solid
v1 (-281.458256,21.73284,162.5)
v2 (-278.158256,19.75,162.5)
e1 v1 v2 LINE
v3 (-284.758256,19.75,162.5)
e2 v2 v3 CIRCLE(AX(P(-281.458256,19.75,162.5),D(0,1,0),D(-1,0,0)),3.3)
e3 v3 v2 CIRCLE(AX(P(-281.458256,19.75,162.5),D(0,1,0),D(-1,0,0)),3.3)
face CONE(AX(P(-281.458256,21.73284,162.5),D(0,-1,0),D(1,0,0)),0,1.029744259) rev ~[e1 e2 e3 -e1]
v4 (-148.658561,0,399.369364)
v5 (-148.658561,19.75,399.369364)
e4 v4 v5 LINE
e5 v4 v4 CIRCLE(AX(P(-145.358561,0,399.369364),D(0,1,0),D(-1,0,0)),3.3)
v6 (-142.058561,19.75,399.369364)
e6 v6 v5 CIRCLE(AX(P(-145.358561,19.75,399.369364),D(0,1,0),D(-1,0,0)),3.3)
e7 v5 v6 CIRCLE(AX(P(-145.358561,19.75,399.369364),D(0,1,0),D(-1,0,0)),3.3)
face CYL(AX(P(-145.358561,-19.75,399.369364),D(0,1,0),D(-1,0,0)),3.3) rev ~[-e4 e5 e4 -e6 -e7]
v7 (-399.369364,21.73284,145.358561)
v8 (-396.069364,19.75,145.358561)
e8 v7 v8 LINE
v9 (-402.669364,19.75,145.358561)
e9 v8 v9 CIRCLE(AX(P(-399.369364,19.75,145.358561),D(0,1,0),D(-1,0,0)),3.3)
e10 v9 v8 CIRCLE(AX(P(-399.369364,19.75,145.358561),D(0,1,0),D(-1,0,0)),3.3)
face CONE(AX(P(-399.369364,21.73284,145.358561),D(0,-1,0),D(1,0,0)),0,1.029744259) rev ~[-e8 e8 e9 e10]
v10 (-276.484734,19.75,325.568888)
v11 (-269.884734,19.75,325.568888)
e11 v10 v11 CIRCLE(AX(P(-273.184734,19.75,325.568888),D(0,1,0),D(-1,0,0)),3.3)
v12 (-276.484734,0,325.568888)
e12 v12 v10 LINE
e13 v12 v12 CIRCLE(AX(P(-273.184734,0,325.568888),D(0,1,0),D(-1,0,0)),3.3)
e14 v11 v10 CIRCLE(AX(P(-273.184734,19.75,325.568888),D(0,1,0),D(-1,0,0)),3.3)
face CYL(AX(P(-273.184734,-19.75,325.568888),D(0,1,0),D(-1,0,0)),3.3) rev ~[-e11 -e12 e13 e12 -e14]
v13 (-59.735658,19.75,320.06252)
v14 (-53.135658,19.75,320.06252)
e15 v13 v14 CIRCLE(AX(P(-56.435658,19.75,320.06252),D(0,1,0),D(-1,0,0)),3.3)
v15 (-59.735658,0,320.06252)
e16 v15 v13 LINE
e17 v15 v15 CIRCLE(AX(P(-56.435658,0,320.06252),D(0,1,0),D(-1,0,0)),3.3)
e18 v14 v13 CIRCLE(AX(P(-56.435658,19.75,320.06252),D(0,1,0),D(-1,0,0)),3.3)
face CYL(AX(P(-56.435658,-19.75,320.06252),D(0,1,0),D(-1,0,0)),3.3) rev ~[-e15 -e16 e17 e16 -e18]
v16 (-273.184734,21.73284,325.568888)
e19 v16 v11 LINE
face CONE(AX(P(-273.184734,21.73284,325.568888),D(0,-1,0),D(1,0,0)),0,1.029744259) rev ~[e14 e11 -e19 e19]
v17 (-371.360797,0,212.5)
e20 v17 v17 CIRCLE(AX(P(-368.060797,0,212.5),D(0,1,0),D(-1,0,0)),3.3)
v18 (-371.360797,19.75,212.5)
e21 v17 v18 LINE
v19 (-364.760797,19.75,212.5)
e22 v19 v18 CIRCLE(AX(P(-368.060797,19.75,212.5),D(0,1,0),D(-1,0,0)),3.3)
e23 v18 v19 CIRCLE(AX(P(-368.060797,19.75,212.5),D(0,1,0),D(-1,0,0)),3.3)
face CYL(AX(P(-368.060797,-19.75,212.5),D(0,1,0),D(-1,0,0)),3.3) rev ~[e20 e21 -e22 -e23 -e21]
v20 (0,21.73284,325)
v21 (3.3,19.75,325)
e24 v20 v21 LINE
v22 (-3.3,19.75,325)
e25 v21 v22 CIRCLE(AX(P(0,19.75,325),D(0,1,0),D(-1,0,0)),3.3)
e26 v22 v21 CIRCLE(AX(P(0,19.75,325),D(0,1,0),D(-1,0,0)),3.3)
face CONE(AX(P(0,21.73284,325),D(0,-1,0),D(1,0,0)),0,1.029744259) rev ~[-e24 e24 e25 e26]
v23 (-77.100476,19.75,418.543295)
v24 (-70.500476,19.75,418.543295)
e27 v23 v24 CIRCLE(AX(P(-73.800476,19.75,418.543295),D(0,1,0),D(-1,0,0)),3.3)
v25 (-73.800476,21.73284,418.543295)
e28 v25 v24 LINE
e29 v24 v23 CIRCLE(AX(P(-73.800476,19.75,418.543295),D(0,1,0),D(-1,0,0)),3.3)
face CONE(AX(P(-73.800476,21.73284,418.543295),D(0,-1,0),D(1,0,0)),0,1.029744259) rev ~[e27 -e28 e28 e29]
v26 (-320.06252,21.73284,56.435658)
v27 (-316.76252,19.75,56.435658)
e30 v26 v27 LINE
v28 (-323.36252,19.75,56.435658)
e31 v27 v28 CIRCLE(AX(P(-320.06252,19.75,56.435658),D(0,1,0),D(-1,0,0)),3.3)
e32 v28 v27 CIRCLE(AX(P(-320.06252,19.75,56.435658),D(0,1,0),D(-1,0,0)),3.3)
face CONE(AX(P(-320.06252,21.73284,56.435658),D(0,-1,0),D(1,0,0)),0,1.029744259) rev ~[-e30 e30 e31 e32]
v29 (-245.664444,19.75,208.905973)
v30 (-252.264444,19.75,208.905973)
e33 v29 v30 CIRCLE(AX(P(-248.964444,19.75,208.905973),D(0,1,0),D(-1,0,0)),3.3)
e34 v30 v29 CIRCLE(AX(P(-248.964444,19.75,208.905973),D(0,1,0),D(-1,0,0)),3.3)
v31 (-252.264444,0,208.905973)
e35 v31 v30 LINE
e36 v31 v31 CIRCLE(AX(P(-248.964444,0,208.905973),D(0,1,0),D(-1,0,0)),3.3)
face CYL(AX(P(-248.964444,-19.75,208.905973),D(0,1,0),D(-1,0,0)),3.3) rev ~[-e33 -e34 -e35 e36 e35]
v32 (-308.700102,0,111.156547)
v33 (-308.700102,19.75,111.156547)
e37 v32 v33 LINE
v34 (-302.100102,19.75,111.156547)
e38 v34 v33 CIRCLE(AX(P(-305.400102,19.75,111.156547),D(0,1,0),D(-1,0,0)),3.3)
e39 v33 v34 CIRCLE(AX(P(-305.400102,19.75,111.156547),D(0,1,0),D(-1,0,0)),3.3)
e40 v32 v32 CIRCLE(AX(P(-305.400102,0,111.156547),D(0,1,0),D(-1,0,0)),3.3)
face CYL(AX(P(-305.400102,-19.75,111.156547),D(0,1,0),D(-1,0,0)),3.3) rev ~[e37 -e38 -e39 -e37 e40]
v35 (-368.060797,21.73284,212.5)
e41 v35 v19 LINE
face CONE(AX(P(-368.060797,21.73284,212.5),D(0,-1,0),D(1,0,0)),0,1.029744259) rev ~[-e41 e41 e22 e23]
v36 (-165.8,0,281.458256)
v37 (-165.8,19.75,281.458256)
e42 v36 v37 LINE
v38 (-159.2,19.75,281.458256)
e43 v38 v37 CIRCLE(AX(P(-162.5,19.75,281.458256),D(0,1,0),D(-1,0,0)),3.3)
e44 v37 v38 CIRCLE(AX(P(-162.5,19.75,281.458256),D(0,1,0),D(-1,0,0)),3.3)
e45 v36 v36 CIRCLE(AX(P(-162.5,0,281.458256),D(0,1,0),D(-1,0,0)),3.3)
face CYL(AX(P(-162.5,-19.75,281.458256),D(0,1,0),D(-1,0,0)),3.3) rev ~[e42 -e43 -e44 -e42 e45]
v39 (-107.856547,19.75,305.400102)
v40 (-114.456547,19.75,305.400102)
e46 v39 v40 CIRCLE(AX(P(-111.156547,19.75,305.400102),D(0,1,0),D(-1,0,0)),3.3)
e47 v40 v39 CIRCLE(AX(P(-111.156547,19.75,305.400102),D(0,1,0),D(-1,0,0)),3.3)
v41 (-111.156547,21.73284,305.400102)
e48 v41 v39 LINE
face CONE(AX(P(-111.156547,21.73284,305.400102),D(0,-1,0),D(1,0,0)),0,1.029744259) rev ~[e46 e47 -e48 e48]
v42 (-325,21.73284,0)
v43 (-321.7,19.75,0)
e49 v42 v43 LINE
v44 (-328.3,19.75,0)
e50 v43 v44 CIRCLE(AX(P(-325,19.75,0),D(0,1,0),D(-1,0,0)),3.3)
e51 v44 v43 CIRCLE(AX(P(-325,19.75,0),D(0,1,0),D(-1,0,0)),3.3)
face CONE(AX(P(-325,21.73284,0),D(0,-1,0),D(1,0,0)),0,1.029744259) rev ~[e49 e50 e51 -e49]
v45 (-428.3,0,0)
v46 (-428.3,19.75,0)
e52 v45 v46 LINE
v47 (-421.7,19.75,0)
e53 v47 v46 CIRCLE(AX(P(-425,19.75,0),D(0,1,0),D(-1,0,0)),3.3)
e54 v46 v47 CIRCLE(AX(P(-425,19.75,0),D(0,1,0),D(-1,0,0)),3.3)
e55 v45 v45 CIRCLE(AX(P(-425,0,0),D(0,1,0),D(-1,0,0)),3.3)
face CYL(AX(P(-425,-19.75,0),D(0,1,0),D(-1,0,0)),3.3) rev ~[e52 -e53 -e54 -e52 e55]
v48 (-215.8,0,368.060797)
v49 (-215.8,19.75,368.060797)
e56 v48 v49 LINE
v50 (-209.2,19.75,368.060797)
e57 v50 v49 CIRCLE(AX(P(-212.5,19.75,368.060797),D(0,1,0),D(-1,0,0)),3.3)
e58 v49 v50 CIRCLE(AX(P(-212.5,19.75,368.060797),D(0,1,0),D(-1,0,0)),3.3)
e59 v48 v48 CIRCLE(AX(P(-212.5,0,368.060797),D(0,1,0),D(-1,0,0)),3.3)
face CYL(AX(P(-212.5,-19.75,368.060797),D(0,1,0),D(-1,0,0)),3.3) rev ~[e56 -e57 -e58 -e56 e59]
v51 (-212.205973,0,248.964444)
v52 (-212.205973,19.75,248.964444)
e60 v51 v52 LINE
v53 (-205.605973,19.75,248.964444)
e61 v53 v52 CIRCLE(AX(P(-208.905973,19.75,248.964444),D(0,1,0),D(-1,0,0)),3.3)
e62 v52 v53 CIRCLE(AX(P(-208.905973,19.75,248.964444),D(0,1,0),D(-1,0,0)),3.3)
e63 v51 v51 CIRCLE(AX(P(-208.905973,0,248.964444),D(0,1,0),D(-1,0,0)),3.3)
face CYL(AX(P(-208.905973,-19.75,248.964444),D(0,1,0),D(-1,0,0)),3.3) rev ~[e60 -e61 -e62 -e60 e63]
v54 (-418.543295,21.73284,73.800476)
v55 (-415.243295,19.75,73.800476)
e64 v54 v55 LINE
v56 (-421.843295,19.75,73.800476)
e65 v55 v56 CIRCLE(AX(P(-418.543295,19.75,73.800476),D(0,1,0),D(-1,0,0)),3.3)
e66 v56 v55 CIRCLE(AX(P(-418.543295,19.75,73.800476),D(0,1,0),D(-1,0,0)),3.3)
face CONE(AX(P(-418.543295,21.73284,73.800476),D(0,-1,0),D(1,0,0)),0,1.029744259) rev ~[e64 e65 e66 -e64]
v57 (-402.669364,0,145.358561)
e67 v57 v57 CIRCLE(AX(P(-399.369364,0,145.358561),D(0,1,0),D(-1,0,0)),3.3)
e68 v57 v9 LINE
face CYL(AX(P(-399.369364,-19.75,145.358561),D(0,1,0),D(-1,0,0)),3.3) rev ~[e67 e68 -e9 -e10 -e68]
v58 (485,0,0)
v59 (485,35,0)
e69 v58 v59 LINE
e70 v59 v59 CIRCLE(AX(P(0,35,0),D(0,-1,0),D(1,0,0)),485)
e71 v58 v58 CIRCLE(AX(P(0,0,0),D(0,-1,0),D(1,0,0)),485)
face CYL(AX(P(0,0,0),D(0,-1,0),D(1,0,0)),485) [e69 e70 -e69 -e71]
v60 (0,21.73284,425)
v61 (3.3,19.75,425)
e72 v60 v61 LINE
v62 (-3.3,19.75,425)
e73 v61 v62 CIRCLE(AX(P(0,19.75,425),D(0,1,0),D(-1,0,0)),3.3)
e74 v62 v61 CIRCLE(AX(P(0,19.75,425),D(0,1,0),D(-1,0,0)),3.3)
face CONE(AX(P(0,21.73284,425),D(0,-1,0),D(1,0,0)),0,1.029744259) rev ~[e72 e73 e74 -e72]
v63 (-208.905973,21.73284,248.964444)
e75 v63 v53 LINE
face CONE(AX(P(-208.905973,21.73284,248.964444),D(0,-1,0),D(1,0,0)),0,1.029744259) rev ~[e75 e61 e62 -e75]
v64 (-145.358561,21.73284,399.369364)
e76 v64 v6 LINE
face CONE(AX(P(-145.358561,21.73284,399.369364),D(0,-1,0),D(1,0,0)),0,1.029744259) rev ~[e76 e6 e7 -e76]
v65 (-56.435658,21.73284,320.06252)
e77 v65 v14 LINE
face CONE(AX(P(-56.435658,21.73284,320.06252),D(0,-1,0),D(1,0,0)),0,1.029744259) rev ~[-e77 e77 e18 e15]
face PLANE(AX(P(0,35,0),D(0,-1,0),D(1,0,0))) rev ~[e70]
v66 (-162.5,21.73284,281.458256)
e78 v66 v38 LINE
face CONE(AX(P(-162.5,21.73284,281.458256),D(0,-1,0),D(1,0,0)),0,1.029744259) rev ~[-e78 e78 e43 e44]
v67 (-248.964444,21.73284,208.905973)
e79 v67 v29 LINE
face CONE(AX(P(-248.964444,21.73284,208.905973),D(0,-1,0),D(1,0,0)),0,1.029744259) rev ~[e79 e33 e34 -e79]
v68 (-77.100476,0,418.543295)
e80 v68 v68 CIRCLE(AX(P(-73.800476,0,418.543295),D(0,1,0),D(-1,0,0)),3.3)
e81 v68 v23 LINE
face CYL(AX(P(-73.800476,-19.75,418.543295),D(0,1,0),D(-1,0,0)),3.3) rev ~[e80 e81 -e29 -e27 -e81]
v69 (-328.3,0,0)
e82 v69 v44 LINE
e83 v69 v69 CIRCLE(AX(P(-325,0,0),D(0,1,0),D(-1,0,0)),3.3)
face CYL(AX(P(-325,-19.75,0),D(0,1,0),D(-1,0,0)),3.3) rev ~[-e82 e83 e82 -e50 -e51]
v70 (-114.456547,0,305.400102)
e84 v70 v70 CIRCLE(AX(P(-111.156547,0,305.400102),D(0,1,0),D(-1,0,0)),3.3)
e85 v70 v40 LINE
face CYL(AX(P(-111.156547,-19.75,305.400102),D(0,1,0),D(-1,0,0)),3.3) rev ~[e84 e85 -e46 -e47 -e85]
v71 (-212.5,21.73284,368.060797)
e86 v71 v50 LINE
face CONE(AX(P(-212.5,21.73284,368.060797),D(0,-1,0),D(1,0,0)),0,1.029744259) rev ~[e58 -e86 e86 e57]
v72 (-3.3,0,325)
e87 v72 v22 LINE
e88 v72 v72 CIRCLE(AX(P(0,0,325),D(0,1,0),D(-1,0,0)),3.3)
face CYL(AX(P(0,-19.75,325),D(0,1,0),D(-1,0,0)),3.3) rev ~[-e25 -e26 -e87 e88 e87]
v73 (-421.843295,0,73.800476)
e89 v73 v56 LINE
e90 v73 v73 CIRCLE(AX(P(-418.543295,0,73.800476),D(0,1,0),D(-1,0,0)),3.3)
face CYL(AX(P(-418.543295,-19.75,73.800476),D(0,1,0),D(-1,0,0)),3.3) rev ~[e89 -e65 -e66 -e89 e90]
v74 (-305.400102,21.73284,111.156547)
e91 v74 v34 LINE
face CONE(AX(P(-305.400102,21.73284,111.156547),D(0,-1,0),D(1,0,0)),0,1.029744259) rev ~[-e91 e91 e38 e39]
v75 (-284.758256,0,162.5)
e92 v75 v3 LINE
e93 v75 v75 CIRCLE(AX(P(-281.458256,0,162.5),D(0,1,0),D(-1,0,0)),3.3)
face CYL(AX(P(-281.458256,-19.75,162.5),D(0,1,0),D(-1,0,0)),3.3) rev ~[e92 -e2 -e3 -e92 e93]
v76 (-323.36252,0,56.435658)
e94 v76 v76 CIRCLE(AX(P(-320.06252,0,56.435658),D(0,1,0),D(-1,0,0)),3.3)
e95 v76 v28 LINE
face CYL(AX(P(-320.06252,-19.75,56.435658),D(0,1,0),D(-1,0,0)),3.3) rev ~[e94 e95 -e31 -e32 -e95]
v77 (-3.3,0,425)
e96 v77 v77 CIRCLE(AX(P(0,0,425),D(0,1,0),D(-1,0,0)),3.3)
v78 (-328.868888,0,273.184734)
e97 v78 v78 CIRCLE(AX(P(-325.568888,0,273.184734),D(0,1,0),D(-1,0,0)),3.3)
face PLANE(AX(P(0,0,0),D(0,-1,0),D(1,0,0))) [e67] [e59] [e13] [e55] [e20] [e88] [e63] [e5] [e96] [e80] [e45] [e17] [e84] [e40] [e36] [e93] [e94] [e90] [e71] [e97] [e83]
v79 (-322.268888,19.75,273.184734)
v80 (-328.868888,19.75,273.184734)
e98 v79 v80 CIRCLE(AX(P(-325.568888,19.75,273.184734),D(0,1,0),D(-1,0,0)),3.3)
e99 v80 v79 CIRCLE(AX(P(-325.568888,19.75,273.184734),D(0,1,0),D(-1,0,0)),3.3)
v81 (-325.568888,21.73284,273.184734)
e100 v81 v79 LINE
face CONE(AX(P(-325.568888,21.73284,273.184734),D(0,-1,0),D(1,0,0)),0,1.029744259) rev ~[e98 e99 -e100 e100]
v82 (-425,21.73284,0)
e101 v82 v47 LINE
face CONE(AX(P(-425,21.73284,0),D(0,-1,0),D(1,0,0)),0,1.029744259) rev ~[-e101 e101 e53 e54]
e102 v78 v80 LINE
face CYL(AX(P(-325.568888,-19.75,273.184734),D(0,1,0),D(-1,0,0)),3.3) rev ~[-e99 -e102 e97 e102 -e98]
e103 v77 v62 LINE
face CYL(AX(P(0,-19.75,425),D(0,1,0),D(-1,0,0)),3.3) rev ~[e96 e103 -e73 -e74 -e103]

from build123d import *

# Parameters (mm, degrees)
F0_R     = 485
F1_DEPTH = 35
F2_D     = 6.6
F2_DEPTH = 19.75
F2_TIP   = 1.9828400428


with BuildPart() as f1:
    # F0 (on Front) → F1 (new body)
    with BuildSketch(Plane.XZ):
        Circle(F0_R)
    extrude(amount=-F1_DEPTH)

    # F2
    with Locations(Plane.XZ):
        with Locations((-325, 0), (-320.062519729, 56.4356577418), (-305.4001017554, 111.1565465808), (-281.4582562299, 162.5), (-248.9644440137, 208.9059731481), (-208.9059731481, 248.9644440137), (-162.5, 281.4582562299), (-111.1565465808, 305.4001017554), (-56.4356577418, 320.062519729), (0, 325), (0, 425), (-73.8004755084, 418.5432950302), (-145.3585609134, 399.369363834), (-212.5, 368.0607966084), (-273.1847341168, 325.5688883256), (-325.5688883256, 273.1847341168), (-368.0607966084, 212.5), (-399.369363834, 145.3585609134), (-418.5432950302, 73.8004755084), (-425, 0)):
            Hole(F2_D / 2, depth=F2_DEPTH)
            with Locations((0, 0, -(F2_DEPTH + F2_TIP / 2))):  # 118° drill point
                Cone(0, F2_D / 2, F2_TIP, mode=Mode.SUBTRACT)


solid = f1.part
